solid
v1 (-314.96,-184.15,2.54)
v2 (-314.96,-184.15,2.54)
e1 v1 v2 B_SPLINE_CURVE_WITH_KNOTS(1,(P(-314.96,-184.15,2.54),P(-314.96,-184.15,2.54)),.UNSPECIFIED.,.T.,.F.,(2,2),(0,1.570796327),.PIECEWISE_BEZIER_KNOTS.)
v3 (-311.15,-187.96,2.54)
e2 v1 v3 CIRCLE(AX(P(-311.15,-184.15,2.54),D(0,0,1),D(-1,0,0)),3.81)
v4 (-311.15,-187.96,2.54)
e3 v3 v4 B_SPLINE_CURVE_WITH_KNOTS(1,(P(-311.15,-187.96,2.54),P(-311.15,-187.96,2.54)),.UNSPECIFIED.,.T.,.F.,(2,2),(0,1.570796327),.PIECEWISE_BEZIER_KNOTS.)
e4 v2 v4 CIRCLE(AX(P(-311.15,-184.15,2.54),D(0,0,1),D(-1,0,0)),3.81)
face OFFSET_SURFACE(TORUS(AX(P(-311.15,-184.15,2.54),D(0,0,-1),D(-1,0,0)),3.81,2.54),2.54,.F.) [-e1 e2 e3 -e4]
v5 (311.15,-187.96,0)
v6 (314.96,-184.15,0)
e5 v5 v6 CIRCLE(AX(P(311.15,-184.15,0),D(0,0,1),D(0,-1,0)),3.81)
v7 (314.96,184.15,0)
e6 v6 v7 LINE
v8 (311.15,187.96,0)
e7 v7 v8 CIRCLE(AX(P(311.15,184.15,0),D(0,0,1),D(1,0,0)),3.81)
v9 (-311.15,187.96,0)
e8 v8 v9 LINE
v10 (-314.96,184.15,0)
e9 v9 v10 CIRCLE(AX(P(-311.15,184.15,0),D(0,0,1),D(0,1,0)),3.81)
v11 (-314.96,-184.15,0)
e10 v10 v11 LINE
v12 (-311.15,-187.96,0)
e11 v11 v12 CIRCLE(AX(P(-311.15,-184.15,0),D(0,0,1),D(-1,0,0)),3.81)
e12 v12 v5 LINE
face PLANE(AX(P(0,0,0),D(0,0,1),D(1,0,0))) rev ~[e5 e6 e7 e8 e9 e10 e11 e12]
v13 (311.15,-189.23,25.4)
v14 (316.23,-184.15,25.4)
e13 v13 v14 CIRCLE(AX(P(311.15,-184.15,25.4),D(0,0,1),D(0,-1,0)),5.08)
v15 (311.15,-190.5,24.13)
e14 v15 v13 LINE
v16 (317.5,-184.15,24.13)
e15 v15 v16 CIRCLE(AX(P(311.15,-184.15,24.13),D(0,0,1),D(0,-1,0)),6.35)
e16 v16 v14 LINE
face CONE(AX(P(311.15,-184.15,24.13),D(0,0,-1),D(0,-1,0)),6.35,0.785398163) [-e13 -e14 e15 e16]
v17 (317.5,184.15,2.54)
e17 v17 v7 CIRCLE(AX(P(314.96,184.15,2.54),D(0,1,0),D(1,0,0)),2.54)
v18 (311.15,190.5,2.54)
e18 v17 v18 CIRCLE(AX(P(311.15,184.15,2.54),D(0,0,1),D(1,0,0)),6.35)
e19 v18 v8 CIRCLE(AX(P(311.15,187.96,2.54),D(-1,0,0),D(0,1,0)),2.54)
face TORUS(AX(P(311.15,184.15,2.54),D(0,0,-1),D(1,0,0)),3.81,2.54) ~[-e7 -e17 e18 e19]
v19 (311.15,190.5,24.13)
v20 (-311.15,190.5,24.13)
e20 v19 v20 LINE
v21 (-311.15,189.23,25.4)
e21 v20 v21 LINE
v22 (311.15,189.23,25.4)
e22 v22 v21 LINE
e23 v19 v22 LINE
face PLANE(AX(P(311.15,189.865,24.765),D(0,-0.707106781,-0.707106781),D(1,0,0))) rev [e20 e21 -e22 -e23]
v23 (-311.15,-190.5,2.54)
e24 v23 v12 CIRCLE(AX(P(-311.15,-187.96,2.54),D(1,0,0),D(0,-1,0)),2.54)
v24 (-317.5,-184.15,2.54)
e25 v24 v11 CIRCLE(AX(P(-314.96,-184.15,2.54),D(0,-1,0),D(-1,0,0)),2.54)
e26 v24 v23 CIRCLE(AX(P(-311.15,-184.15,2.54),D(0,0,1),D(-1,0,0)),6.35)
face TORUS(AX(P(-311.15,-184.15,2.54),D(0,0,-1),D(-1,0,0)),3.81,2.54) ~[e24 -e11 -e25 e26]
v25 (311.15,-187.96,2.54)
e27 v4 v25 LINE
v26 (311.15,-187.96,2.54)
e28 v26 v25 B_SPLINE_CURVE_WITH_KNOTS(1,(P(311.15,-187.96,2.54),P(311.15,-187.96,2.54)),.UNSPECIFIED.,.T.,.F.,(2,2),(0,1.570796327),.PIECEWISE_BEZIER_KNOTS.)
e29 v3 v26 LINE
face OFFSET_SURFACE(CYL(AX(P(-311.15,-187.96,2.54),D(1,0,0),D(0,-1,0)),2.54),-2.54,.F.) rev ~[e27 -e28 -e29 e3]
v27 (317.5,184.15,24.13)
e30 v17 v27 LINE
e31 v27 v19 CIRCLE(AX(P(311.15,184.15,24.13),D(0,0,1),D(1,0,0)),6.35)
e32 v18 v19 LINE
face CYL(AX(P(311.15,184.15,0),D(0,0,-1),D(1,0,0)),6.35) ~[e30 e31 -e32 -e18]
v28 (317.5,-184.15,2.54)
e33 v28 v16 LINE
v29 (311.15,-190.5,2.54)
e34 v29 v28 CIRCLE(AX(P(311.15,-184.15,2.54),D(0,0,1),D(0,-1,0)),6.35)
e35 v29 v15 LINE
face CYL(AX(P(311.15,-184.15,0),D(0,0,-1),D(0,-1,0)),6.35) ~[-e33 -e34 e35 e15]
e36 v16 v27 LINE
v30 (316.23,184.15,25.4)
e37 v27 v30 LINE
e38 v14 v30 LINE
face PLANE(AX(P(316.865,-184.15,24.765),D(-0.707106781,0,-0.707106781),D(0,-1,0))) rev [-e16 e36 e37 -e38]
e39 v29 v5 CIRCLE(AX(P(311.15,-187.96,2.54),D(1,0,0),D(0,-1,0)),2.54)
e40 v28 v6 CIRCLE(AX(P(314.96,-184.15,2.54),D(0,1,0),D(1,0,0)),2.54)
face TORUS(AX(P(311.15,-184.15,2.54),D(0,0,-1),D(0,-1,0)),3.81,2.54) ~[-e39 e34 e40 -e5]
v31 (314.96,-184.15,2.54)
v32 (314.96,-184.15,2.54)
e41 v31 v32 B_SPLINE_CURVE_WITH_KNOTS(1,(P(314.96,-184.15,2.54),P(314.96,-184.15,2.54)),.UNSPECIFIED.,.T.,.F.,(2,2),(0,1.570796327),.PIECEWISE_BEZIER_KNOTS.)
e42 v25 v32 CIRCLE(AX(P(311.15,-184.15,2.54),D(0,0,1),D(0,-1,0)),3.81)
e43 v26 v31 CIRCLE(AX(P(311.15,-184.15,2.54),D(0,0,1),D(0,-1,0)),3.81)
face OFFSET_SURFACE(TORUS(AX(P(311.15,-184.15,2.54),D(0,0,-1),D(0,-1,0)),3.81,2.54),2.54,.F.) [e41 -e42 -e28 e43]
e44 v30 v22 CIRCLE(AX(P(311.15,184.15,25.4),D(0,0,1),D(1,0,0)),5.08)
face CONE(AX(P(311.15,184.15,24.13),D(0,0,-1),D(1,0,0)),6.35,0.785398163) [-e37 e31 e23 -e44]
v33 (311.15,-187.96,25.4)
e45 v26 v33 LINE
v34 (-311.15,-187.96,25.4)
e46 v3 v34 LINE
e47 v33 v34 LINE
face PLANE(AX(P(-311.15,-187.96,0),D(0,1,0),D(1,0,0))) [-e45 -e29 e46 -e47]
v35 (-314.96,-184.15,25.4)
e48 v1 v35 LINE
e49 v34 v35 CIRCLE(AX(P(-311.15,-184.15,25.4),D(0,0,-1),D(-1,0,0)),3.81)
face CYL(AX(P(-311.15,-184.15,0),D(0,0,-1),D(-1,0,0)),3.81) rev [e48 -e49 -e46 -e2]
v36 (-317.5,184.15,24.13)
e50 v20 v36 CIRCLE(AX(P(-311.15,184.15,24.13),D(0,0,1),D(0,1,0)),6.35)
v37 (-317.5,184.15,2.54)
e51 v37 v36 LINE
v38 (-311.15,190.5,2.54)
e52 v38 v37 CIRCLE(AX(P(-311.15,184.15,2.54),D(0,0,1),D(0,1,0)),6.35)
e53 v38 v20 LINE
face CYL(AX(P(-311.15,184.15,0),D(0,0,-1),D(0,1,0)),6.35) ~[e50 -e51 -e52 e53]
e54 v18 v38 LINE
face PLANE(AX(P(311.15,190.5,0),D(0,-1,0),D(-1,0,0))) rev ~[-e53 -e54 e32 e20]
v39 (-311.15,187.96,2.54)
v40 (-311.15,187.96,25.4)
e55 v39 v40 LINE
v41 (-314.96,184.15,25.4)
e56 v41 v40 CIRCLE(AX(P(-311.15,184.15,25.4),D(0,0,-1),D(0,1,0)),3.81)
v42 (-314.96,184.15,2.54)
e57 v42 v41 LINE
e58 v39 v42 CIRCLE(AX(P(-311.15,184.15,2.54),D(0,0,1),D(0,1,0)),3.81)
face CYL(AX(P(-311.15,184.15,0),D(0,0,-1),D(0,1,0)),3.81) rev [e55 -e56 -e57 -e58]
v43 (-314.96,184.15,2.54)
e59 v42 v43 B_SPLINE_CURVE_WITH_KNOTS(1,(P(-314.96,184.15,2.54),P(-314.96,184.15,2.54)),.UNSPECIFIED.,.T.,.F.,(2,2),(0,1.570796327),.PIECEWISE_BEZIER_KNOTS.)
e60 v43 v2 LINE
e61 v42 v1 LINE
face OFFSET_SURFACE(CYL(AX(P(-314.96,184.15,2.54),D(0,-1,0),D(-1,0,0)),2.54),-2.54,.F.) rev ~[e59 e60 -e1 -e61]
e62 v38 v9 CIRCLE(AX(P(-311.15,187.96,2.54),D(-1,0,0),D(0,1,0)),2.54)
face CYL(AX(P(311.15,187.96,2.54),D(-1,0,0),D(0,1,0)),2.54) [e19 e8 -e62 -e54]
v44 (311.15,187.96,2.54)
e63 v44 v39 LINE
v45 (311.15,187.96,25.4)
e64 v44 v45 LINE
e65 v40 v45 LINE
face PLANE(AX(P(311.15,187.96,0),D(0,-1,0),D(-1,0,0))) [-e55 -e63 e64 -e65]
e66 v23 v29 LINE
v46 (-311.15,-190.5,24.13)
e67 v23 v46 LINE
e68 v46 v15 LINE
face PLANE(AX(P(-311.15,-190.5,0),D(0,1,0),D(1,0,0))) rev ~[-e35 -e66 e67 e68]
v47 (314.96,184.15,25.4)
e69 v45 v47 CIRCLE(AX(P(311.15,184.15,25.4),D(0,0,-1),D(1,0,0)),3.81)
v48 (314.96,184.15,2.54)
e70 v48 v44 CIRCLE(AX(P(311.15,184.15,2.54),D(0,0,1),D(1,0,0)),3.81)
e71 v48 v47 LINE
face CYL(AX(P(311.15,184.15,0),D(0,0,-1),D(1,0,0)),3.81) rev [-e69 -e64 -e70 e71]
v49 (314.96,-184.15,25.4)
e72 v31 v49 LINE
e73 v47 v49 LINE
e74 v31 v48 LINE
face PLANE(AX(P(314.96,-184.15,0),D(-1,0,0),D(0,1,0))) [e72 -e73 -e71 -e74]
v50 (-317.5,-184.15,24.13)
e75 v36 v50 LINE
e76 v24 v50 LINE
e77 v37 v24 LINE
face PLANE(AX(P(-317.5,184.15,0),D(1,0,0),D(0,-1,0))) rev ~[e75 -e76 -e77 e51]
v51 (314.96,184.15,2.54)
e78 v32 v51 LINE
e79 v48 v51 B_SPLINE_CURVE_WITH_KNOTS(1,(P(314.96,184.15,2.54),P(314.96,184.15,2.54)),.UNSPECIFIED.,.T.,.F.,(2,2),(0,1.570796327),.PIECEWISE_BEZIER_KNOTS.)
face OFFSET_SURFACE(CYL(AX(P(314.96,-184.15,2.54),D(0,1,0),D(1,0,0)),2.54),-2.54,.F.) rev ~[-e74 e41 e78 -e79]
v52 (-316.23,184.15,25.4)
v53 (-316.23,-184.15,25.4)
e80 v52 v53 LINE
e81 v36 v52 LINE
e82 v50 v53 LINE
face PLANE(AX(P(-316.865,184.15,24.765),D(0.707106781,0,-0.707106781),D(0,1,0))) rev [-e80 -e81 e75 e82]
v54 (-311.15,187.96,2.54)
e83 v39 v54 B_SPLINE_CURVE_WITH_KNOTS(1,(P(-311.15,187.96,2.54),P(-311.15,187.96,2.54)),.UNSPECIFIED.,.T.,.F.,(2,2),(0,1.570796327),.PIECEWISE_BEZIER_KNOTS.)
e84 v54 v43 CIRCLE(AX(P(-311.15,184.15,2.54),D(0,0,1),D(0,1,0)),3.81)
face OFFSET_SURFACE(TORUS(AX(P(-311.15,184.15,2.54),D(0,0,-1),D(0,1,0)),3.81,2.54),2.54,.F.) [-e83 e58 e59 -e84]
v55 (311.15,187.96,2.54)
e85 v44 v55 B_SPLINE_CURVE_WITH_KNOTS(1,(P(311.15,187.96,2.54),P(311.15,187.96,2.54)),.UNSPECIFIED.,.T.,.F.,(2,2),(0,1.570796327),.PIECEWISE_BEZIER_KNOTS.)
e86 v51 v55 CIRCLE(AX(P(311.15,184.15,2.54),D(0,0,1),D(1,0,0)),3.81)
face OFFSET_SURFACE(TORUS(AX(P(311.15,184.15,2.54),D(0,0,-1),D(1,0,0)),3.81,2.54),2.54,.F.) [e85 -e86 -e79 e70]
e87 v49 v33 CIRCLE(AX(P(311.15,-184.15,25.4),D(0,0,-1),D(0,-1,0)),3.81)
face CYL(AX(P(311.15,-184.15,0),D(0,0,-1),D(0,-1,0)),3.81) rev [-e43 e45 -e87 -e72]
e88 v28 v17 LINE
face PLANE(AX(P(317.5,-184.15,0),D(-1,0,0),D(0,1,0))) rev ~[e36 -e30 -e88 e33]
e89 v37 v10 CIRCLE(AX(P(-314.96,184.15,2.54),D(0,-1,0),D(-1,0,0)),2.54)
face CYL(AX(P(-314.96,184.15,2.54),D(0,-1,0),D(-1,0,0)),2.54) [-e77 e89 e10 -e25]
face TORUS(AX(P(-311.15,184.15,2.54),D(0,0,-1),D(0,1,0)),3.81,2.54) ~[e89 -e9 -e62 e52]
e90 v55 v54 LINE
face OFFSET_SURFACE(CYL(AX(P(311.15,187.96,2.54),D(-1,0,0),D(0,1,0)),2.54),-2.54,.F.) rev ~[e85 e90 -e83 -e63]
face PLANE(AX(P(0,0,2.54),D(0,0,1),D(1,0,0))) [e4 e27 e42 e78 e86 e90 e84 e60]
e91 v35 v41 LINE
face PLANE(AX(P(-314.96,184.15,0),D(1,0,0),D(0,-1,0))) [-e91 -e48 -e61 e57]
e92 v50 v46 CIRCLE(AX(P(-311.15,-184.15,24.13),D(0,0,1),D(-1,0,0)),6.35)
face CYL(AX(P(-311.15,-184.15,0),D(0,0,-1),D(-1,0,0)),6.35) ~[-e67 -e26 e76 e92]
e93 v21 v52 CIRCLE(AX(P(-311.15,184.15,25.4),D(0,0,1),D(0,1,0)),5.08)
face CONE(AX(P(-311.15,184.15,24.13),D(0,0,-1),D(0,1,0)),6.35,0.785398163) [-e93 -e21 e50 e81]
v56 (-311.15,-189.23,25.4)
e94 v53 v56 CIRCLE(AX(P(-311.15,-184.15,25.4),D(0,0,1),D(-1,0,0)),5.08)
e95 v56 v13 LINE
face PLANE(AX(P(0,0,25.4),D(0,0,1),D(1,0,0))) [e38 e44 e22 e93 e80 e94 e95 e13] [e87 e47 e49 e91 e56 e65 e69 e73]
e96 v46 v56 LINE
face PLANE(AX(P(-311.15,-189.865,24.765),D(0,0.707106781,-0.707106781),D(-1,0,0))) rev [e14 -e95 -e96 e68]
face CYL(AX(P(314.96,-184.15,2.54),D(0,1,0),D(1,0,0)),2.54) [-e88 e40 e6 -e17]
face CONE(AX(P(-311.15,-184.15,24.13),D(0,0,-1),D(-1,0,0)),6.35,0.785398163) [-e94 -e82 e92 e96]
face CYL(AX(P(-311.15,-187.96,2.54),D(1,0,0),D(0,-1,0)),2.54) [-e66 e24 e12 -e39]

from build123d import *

# Parameters (mm, degrees)
F1_DEPTH = 25.4
F2_R     = 2.54
F3_T     = -2.54
F4_SIZE  = 1.27


with BuildPart() as f1:
    # F0 (on Top) → F1 (new body)
    with BuildSketch(Plane.XY):
        with BuildLine():
            ThreePointArc((-317.5, -184.15), (-315.6401280605, -188.6401280605), (-311.15, -190.5))
            Line((-311.15, -190.5), (311.15, -190.5))
            ThreePointArc((311.15, -190.5), (315.6401280605, -188.6401280605), (317.5, -184.15))
            Line((317.5, -184.15), (317.5, 184.15))
            ThreePointArc((317.5, 184.15), (315.6401280605, 188.6401280605), (311.15, 190.5))
            Line((311.15, 190.5), (-311.15, 190.5))
            ThreePointArc((-311.15, 190.5), (-315.6401280605, 188.6401280605), (-317.5, 184.15))
            Line((-317.5, 184.15), (-317.5, -184.15))
        make_face()
    extrude(amount=F1_DEPTH)

    # F2
    f2_edges = [f1.edges().sort_by_distance(p)[0] for p in [
        (0, -190.5, 0),
    ]]
    fillet(f2_edges, radius=F2_R)

    # F3
    f3_openings = [f1.faces().sort_by_distance(p)[0] for p in [
        (0, 0, 25.4),
    ]]
    offset(amount=F3_T, openings=f3_openings, kind=Kind.INTERSECTION)

    # F4
    f4_edges = [f1.edges().sort_by_distance(p)[0] for p in [
        (0, 190.5, 25.4),
    ]]
    chamfer(f4_edges, length=F4_SIZE)


solid = f1.part
